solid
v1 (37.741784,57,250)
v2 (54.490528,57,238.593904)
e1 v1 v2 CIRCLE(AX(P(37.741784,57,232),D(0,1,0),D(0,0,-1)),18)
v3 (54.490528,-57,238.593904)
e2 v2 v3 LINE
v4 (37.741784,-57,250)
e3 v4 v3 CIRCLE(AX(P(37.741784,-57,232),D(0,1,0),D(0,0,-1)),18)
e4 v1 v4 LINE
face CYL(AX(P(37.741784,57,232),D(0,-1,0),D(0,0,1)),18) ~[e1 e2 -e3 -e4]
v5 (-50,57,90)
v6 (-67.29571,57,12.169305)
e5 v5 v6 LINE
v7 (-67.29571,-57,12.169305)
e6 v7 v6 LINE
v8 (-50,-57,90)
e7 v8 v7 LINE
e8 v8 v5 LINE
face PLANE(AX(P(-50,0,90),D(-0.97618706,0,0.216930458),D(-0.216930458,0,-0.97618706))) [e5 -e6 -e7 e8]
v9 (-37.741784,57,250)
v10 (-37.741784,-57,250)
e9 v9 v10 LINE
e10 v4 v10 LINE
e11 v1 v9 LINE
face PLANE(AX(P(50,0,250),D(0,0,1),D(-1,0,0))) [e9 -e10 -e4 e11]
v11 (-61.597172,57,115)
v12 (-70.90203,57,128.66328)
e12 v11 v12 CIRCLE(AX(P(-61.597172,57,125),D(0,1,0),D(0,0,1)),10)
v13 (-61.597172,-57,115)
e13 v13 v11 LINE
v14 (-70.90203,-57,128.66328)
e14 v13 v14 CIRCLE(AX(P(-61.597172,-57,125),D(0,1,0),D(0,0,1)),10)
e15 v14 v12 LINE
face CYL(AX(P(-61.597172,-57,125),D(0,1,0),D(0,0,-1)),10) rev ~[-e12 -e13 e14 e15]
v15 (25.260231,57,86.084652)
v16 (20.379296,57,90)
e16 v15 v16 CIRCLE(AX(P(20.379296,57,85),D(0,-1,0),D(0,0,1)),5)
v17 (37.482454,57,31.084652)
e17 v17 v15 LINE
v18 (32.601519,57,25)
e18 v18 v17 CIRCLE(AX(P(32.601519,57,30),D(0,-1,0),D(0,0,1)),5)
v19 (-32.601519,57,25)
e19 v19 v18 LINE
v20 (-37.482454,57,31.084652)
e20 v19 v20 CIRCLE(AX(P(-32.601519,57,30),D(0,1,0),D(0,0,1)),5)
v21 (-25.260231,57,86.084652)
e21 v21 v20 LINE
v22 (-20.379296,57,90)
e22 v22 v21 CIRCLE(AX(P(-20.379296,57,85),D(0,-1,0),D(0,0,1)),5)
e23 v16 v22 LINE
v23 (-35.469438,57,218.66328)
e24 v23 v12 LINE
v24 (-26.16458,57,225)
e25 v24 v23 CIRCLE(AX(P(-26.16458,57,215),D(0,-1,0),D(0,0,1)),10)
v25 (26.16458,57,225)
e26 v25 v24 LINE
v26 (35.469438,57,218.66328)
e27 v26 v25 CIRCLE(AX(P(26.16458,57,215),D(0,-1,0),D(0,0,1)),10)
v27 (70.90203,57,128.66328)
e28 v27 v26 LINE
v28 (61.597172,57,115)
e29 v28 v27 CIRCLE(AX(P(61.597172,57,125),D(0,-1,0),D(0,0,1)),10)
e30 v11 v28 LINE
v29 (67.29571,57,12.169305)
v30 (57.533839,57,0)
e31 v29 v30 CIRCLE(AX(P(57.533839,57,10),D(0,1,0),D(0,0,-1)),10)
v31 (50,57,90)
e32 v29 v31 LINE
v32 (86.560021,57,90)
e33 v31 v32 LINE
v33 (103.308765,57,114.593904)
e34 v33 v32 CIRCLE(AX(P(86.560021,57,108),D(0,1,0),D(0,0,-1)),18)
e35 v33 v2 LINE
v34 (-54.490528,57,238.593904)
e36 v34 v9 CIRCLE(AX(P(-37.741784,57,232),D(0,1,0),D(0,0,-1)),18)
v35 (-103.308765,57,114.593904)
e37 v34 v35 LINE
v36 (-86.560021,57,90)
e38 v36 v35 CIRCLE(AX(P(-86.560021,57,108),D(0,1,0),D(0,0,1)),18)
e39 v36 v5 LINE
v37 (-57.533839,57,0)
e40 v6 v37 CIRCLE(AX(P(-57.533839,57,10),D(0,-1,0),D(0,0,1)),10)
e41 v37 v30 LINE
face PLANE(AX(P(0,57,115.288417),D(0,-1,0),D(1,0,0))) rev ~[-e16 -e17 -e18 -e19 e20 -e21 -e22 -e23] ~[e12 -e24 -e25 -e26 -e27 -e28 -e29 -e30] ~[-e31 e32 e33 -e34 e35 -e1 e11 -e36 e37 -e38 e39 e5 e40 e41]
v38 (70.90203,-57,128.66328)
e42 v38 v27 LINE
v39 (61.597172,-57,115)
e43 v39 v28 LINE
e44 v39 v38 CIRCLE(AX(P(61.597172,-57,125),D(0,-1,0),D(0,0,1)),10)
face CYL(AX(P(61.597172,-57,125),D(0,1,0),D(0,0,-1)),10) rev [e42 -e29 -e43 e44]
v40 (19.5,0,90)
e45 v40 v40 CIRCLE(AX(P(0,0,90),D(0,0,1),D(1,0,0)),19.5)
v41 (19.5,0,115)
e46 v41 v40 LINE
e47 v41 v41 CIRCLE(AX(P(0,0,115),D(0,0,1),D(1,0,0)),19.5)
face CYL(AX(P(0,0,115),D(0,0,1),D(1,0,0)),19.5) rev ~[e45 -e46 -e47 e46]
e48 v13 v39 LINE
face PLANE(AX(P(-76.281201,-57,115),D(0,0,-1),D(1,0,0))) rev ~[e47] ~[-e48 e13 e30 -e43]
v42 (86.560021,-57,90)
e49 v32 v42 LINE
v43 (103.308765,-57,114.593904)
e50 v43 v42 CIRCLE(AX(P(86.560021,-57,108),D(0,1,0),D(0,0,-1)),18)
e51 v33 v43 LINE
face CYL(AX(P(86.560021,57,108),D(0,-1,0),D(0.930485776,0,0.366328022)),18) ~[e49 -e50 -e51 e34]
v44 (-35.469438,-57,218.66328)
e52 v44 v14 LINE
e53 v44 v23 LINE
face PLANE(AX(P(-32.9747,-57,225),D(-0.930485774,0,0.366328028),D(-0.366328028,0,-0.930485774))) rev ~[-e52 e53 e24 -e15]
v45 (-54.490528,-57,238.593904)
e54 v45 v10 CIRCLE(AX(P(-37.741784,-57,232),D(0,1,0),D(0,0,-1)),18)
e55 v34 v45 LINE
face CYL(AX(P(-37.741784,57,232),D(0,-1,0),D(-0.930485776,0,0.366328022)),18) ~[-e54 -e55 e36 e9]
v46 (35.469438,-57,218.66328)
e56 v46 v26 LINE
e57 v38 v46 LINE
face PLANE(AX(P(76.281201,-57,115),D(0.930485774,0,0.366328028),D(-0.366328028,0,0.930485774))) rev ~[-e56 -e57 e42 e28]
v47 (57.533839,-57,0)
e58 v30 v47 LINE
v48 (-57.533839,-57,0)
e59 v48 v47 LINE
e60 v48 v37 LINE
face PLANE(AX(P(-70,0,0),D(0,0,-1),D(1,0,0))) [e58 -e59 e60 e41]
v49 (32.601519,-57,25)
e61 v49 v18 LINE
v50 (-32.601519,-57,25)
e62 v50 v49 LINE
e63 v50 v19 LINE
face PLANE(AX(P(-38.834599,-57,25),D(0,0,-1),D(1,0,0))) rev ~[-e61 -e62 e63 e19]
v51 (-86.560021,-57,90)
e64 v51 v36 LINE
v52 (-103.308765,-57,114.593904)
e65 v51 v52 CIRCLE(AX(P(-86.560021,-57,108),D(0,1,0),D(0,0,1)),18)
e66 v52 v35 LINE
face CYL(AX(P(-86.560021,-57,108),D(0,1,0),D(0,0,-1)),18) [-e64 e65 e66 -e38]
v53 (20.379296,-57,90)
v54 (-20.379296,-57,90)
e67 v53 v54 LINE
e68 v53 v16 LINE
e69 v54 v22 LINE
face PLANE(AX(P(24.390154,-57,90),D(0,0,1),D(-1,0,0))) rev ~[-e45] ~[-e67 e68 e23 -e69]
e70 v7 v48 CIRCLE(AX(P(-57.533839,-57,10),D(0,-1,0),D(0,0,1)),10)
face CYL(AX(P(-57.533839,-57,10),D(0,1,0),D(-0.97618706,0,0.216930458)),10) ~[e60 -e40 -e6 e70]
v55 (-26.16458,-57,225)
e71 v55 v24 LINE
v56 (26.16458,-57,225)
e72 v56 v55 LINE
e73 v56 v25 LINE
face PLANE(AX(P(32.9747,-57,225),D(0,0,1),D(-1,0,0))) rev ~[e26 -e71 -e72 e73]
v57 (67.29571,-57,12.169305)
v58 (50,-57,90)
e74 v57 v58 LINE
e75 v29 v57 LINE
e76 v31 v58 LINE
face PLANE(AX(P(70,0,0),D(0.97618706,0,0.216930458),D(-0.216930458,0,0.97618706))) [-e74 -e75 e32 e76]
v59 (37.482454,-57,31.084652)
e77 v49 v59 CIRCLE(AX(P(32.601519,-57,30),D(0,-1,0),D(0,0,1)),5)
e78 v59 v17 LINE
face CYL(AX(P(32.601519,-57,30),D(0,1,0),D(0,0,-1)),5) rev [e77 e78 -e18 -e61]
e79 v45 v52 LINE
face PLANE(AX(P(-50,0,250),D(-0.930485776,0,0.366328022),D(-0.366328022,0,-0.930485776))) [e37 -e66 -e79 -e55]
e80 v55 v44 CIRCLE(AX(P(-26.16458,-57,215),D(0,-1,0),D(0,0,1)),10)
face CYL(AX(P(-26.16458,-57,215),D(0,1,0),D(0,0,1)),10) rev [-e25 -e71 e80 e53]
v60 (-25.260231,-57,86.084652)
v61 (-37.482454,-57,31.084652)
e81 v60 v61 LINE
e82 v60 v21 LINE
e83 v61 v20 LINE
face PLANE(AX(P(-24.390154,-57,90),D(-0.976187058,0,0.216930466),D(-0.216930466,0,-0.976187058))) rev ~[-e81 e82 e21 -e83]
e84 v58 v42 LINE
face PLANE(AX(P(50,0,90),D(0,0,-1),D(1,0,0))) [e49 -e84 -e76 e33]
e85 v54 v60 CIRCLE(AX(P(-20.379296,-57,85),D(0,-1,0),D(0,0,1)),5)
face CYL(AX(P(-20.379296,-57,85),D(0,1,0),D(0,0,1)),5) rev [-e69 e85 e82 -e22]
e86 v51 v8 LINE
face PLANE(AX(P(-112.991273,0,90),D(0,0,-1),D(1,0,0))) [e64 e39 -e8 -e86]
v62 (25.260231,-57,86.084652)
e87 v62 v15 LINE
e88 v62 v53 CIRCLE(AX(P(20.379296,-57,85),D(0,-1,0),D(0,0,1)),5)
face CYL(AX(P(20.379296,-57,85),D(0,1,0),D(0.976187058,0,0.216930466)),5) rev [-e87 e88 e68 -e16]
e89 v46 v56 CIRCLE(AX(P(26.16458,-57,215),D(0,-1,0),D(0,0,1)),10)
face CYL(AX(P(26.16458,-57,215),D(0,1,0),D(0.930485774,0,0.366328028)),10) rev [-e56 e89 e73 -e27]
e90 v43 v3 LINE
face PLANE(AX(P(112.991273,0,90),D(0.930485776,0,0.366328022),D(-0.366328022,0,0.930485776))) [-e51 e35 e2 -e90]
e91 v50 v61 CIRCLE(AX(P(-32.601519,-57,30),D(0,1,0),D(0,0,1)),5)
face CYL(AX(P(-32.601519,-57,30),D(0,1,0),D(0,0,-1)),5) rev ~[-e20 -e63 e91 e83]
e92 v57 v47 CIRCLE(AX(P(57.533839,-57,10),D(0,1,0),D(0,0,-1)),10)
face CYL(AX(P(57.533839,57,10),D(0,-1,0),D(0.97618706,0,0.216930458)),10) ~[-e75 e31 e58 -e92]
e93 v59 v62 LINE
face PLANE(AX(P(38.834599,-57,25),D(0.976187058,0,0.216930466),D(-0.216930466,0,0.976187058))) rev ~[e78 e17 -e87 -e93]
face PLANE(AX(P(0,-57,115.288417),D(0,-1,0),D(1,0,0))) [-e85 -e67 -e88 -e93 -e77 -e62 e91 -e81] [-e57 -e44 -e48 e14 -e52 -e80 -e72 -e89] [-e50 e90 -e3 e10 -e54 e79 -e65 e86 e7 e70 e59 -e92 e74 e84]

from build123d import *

# Parameters (mm, degrees)
F1_DEPTH  = 57
F2_R      = 18
F3_R      = 10
F5_DEPTH  = 114
F6_R      = 5
F8_DEPTH  = 114
F9_R      = 10
F10_R     = 19.5
F11_DEPTH = 25


with BuildPart() as f1:
    # F0 (on Front) → F1 (new body, symmetric)
    with BuildSketch(Plane.XZ):
        Polygon((-70, 0), (70, 0), (50, 90), (112.991273, 90), (50, 250), (-50, 250), (-112.991273, 90), (-50, 90), align=None)
    extrude(amount=F1_DEPTH, both=True)

    # F2
    f2_edges = [f1.edges().sort_by_distance(p)[0] for p in [
        (50, 0, 250),
        (-50, 0, 250),
        (112.991273, 0, 90),
        (-112.991273, 0, 90),
    ]]
    fillet(f2_edges, radius=F2_R)

    # F3
    f3_edges = [f1.edges().sort_by_distance(p)[0] for p in [
        (70, 0, 0),
        (-70, 0, 0),
    ]]
    fillet(f3_edges, radius=F3_R)

    # F4 (on face) → F5 (cut, through all)
    with BuildSketch(Plane.XZ.offset(57)):
        Polygon((-38.834599, 25), (38.834599, 25), (24.390154, 90), (-24.390154, 90), align=None)
    extrude(amount=-F5_DEPTH, mode=Mode.SUBTRACT)

    # F6
    f6_edges = [f1.edges().sort_by_distance(p)[0] for p in [
        (-38.834599, 0, 25),
        (38.834599, 0, 25),
        (-24.390154, 0, 90),
        (24.390154, 0, 90),
    ]]
    fillet(f6_edges, radius=F6_R)

    # F7 (on face) → F8 (cut, through all)
    with BuildSketch(Plane.XZ.offset(57)):
        Polygon((-76.281201, 115), (76.281201, 115), (32.9747, 225), (-32.9747, 225), align=None)
    extrude(amount=-F8_DEPTH, mode=Mode.SUBTRACT)

    # F9
    f9_edges = [f1.edges().sort_by_distance(p)[0] for p in [
        (-76.281201, 0, 115),
        (76.281201, 0, 115),
        (32.9747, 0, 225),
        (-32.9747, 0, 225),
    ]]
    fillet(f9_edges, radius=F9_R)

    # F10 (on face) → F11 (cut, through all)
    with BuildSketch(Plane.XY.offset(115)):
        Circle(F10_R)
    extrude(amount=-F11_DEPTH, mode=Mode.SUBTRACT)


solid = f1.part
